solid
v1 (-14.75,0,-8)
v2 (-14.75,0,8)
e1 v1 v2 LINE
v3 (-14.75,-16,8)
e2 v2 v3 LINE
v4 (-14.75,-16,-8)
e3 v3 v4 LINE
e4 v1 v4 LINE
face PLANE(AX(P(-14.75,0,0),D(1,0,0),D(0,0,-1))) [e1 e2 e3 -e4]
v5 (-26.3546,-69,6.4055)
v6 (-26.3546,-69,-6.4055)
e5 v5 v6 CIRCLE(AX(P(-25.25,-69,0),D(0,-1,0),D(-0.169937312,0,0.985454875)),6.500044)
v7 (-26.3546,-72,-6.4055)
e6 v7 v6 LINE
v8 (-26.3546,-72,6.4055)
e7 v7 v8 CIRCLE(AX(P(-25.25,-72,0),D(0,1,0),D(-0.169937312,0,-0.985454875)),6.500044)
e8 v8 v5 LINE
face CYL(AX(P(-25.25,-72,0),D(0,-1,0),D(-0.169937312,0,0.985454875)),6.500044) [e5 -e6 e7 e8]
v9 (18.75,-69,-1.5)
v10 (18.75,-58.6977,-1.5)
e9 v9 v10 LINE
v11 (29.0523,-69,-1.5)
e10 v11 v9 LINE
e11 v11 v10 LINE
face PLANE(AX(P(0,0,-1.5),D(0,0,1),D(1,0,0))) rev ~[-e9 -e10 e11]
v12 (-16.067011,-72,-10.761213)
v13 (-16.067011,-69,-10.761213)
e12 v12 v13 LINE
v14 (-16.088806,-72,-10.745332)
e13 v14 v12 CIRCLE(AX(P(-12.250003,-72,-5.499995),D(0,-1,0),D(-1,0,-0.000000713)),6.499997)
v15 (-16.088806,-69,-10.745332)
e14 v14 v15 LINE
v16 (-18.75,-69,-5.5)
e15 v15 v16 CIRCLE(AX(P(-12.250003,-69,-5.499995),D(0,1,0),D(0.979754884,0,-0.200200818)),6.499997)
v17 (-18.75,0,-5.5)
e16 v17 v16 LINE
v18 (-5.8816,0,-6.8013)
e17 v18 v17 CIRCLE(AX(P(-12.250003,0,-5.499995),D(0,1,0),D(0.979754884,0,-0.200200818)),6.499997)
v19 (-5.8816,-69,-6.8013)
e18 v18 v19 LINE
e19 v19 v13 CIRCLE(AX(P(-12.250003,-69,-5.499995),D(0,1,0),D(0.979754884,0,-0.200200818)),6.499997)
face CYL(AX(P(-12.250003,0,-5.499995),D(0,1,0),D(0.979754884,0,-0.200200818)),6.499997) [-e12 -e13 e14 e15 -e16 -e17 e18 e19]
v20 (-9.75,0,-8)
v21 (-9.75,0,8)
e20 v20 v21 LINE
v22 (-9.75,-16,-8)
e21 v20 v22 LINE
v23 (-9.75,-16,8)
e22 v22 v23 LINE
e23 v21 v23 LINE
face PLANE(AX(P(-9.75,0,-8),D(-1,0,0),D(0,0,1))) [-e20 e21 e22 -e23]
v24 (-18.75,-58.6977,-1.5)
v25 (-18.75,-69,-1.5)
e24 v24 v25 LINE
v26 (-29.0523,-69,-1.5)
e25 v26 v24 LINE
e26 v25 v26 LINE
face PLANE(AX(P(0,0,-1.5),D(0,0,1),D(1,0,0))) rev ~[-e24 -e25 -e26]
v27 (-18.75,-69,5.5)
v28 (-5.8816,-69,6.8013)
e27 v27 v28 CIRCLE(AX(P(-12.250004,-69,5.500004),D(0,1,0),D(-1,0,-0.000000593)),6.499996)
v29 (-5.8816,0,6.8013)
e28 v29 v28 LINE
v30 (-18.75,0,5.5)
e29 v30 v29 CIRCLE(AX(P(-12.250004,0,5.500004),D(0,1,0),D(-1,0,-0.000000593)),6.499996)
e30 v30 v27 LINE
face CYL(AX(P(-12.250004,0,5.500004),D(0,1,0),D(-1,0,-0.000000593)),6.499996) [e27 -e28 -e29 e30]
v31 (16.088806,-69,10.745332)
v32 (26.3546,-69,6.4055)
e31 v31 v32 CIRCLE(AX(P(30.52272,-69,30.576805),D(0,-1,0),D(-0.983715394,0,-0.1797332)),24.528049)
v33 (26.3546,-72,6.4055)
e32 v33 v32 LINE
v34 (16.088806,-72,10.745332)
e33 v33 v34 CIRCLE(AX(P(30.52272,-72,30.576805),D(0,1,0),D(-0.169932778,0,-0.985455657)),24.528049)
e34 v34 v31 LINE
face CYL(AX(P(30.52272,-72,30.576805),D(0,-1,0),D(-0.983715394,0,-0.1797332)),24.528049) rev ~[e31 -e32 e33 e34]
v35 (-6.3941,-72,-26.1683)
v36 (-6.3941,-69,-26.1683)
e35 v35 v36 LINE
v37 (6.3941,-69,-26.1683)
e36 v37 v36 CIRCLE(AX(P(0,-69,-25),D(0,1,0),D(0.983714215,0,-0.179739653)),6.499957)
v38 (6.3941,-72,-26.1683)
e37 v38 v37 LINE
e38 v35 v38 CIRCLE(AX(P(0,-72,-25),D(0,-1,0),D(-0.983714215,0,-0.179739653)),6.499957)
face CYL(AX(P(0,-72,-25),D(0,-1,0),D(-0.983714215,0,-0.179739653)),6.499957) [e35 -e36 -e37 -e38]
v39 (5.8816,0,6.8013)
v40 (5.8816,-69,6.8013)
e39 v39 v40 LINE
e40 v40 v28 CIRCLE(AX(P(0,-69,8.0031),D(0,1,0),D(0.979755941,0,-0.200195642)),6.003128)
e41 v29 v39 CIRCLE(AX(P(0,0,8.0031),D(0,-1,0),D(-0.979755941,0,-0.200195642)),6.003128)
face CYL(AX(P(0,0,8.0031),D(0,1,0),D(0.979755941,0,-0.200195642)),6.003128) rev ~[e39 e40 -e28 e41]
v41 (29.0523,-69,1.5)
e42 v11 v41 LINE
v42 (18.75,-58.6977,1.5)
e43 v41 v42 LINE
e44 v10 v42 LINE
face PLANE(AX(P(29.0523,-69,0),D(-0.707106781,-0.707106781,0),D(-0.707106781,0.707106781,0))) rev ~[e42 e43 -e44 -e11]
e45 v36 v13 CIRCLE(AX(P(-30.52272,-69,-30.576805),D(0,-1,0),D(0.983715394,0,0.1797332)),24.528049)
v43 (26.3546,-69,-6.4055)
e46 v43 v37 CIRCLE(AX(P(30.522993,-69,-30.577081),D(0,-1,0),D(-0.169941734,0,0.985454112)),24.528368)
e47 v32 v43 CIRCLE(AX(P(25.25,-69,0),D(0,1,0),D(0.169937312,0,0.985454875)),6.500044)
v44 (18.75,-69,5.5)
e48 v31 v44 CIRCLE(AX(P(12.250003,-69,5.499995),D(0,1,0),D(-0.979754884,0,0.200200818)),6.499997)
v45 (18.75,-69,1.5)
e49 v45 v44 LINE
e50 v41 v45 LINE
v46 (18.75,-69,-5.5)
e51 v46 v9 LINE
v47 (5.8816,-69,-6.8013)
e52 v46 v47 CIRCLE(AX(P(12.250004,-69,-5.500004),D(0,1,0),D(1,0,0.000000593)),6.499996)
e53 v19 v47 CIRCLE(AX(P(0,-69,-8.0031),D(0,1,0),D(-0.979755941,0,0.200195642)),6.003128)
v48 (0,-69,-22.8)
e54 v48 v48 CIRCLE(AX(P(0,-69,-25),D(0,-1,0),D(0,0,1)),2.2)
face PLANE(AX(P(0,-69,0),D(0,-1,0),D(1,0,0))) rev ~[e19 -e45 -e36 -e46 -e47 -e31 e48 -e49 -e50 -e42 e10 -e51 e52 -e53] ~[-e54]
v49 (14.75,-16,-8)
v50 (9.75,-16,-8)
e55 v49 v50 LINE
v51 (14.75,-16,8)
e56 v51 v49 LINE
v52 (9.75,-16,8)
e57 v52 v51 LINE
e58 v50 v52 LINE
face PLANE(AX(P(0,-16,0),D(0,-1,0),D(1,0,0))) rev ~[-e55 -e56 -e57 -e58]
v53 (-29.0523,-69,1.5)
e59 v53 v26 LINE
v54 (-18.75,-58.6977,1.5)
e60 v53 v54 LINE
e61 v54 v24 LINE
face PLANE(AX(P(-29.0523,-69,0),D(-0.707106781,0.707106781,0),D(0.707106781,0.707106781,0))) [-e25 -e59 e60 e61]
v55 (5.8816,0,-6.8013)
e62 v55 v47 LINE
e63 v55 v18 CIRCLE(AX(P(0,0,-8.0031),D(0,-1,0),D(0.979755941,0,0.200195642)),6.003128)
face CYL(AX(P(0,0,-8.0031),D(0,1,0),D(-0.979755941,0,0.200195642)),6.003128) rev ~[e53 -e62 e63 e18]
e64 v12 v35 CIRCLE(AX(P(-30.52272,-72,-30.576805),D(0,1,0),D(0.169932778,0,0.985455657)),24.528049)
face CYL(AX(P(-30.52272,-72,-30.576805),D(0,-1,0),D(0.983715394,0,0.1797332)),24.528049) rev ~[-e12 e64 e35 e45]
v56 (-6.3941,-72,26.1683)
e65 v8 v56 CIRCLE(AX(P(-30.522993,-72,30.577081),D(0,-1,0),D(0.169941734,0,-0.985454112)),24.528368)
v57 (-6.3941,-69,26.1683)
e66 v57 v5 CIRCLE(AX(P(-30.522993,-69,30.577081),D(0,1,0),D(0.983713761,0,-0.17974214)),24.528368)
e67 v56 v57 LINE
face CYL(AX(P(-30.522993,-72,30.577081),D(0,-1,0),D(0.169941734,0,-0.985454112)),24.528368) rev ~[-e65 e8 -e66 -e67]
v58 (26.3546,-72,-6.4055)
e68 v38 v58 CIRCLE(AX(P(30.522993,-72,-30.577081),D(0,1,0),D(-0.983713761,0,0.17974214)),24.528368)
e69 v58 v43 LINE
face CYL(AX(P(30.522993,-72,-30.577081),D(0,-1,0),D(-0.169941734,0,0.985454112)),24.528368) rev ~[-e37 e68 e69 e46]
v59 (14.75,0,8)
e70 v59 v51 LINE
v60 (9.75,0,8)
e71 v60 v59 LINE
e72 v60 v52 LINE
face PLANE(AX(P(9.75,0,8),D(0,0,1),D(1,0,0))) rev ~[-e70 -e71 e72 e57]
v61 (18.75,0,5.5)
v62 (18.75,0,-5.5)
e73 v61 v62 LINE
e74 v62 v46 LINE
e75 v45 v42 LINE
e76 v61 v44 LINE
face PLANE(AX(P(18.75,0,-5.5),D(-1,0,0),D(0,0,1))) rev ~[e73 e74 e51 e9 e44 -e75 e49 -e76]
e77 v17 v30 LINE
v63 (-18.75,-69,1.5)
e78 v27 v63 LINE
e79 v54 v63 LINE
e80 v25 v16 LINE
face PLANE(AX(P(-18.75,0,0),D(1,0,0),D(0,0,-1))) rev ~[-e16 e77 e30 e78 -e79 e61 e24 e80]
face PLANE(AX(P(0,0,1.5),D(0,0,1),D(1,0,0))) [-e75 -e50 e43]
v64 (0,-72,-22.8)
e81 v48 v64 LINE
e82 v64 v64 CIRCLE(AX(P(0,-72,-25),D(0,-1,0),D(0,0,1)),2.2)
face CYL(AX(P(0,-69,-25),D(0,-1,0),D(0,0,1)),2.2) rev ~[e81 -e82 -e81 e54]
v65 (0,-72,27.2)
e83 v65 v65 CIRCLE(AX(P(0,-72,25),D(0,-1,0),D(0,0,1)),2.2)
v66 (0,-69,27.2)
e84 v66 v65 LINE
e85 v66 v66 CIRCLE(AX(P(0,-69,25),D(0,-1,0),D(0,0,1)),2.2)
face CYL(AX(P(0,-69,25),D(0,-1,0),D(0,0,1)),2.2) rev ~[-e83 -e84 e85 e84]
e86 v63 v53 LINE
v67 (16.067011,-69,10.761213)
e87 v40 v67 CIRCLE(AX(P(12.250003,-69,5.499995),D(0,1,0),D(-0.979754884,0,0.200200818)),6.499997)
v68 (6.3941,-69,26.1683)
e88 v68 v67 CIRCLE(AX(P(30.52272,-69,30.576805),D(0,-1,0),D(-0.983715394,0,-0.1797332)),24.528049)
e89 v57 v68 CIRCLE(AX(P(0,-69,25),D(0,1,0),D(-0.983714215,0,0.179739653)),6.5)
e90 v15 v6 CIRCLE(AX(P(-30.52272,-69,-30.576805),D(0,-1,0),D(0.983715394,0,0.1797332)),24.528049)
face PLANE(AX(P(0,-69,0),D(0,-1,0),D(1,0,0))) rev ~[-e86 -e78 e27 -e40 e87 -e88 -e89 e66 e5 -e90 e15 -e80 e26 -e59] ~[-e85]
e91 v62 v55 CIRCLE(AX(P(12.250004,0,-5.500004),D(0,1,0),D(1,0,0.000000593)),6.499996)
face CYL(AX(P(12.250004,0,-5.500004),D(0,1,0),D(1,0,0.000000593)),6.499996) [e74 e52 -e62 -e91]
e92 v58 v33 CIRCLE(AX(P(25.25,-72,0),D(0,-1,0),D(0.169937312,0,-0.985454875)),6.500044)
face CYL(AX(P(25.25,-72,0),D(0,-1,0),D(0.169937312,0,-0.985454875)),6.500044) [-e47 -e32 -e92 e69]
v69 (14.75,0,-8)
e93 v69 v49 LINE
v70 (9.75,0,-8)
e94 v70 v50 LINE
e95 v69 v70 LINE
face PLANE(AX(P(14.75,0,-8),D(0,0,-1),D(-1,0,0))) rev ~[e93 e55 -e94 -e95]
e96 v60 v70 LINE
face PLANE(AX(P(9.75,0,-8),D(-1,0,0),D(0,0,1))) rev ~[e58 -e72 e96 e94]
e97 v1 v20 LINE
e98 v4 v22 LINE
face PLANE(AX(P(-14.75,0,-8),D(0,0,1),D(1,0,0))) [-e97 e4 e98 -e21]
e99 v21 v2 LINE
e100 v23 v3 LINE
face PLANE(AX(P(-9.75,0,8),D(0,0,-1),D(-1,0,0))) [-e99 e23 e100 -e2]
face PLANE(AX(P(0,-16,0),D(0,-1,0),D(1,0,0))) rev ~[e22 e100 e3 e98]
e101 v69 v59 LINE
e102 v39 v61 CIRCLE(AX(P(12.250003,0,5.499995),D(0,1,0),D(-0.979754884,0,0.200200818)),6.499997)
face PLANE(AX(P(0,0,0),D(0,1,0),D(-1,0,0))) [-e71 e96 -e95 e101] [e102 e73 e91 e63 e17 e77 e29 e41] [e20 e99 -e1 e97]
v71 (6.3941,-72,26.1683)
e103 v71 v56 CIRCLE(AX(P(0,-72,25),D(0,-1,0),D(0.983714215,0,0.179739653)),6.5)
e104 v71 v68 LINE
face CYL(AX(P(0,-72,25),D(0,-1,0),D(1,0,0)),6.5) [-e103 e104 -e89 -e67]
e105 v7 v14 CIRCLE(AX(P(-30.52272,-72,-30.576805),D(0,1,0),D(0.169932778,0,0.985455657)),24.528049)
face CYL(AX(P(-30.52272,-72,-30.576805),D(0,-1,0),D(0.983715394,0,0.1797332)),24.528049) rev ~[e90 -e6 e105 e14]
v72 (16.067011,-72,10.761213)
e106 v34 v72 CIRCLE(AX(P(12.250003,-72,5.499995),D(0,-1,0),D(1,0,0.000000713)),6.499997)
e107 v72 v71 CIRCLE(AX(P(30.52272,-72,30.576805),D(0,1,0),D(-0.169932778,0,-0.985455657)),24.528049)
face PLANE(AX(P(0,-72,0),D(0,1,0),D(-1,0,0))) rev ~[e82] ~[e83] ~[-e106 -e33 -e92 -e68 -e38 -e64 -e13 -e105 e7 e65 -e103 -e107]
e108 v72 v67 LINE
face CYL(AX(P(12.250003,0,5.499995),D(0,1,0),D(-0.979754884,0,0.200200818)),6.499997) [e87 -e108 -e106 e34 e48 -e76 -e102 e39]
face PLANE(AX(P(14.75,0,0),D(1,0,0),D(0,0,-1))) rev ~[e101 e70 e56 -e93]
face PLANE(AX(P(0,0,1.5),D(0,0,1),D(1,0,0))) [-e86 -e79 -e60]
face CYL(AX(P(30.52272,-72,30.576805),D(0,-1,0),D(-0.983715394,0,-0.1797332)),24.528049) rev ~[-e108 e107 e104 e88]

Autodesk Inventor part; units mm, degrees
ref_plane "YZ Plane" through (0, 0, 0) normal (1, 0, 0) x (0, 1, 0)
ref_plane "XZ Plane" through (0, 0, 0) normal (0, 1, 0) x (-1, 0, 0)
ref_plane "XY Plane" through (0, 0, 0) normal (0, 0, 1) x (1, 0, 0)
sketch "Sketch1" plane through (0, 0, 0) normal (0, 1, 0) x (-1, 0, 0)
  line L0 (14.75, -8) -> (9.75, -8)
  line L1 (9.75, -8) -> (9.75, 8)
  line L2 (9.75, 8) -> (14.75, 8)
  line L3 (14.75, 8) -> (14.75, -8)
  line L4 (-14.75, -8) -> (-9.75, -8)
  line L5 (-9.75, -8) -> (-9.75, 8)
  line L6 (-9.75, 8) -> (-14.75, 8)
  line L7 (-14.75, 8) -> (-14.75, -8)
  line L8 (0, -17.6647) -> (0, 17.6647) projected
  line L9 (27.0734, 0) -> (-27.0734, 0) projected
  line L10 (18.75, -12) -> (-18.75, -12)
  line L11 (-18.75, -12) -> (-18.75, 12)
  line L12 (-18.75, 12) -> (18.75, 12)
  line L13 (18.75, 12) -> (18.75, -12)
  arc A0 (5.8816, -6.8013) -> (18.75, -5.5) centre (12.25, -5.5) ccw
  arc A1 (-18.75, -5.5) -> (-5.8816, -6.8013) centre (-12.25, -5.5) ccw
  arc A2 (5.8816, -6.8013) -> (-5.8816, -6.8013) centre (0, -8.0031) ccw
  arc A3 (18.75, 5.5) -> (5.8816, 6.8013) centre (12.25, 5.5) ccw
  arc A4 (-5.8816, 6.8013) -> (-18.75, 5.5) centre (-12.25, 5.5) ccw
  arc A5 (-5.8816, 6.8013) -> (5.8816, 6.8013) centre (0, 8.0031) ccw
  point P0 (0, 0)
  point P1 (0, -2)
  point P2 (-18.75, 5.5)
  dimension "d0" = 5
  dimension "d1" = 16
  dimension "d2" = 16
  dimension "d3" = 19.5
  dimension "d4" = 37.5
  dimension "d5" = 24
  dimension "d6" = 6.5
  dimension "d7" = 4
  dimension "d8" = 2
extrude "Extrusion1" add sketch "Sketch1" against normal blind 72 contours L3 L9 L13 A0 A2 L8 L1 L0 | L3 L2 L1 L9 L8 A5 A3 L13 | L9 L5 L6 L7 L11 A4 A5 L8 | L8 A2 A1 L11 L9 L7 L4 L5
sketch "Sketch2" plane through (0, -72, 0) normal (0, -1, 0) x (1, 0, 0)
  arc A0 (-5.8816, 6.8013) -> (-18.75, 5.5) centre (-12.25, 5.5) ccw projected
  line L0 (-18.75, 5.5) -> (-18.75, -5.5) projected
  arc A1 (-18.75, -5.5) -> (-5.8816, -6.8013) centre (-12.25, -5.5) ccw projected
  arc A2 (5.8816, -6.8013) -> (-5.8816, -6.8013) centre (0, -8.0031) ccw projected
  arc A3 (5.8816, -6.8013) -> (18.75, -5.5) centre (12.25, -5.5) ccw projected
  line L1 (18.75, -5.5) -> (18.75, 5.5) projected
  arc A4 (18.75, 5.5) -> (5.8816, 6.8013) centre (12.25, 5.5) ccw projected
  arc A5 (-5.8816, 6.8013) -> (5.8816, 6.8013) centre (0, 8.0031) ccw projected
  line L2 (-14.75, -8) -> (-14.75, 8) projected
  line L3 (-14.75, 8) -> (-9.75, 8) projected
  line L4 (-9.75, 8) -> (-9.75, -8) projected
  line L5 (-9.75, -8) -> (-14.75, -8) projected
  line L6 (9.75, -8) -> (9.75, 8) projected
  line L7 (9.75, 8) -> (14.75, 8) projected
  line L8 (14.75, 8) -> (14.75, -8) projected
  line L9 (14.75, -8) -> (9.75, -8) projected
  line L10 (15.9006, 9.0344) -> (8.0535, 9.0344)
  line L11 (8.0535, 9.0344) -> (8.0535, -9.2409)
  line L12 (8.0535, -9.2409) -> (15.9006, -9.2409)
  line L13 (15.9006, -9.2409) -> (15.9006, 9.0344)
  line L14 (-8.673, 9.0344) -> (-16.1071, 9.0344)
  line L15 (-16.1071, 9.0344) -> (-16.1071, -9.2409)
  line L16 (-16.1071, -9.2409) -> (-8.673, -9.2409)
  line L17 (-8.673, -9.2409) -> (-8.673, 9.0344)
  point P0 (0, 0)
extrude "Extrusion2" add sketch "Sketch2" against normal blind 56 contours L2 L3 L4 L5 | L6 L7 L8 L9 | L13 L12 L11 L10 | L17 L16 L15 L14
sketch "Sketch3" plane through (0, -72, 0) normal (0, -1, 0) x (1, 0, 0)
  line L0 (-44.45, 0) -> (44.45, 0) projected
  line L1 (0, -44.3994) -> (0, 45.8962) projected
  arc A0 (-6.3941, -26.1683) -> (6.3941, -26.1683) centre (0, -25) ccw
  circle A1 centre (0, 25) radius 6.5
  arc A2 (-5.8816, 6.8013) -> (-18.75, 5.5) centre (-12.25, 5.5) ccw projected
  line L2 (-18.75, 5.5) -> (-18.75, -5.5) projected
  arc A3 (-18.75, -5.5) -> (-5.8816, -6.8013) centre (-12.25, -5.5) ccw projected
  arc A4 (5.8816, -6.8013) -> (-5.8816, -6.8013) centre (0, -8.0031) ccw projected
  arc A5 (5.8816, -6.8013) -> (18.75, -5.5) centre (12.25, -5.5) ccw projected
  line L3 (18.75, -5.5) -> (18.75, 5.5) projected
  arc A6 (18.75, 5.5) -> (5.8816, 6.8013) centre (12.25, 5.5) ccw projected
  arc A7 (-5.8816, 6.8013) -> (5.8816, 6.8013) centre (0, 8.0031) ccw projected
  arc A8 (26.3546, -6.4055) -> (26.3546, 6.4055) centre (25.25, 0) ccw
  arc A9 (-26.3546, 6.4055) -> (-26.3546, -6.4055) centre (-25.25, 0) ccw
  arc A10 (26.3546, -6.4055) -> (6.3941, -26.1683) centre (30.5229, -30.5769) ccw
  arc A11 (6.3941, 26.1683) -> (26.3546, 6.4055) centre (30.5229, 30.5769) ccw
  arc A12 (-6.3941, -26.1683) -> (-26.3546, -6.4055) centre (-30.5229, -30.5769) ccw
  arc A13 (-26.3546, 6.4055) -> (-6.3941, 26.1683) centre (-30.5229, 30.5769) ccw
  arc A14 (0, 31.5) -> (6.3941, 26.1683) centre (0, 25) ccw
  point P0 (0, 0)
  point P1 (6.3941, 26.1683)
  point P2 (-6.3941, 26.1683)
  dimension "d14" = 13
  dimension "d13" = 13
  dimension "d15" = 13
  dimension "d16" = 50
  dimension "d17" = 50.5
extrude "Extrusion3" add sketch "Sketch3" against normal blind 3
sketch "Sketch4" plane through (0, -69, 0) normal (0, 1, 0) x (1, 0, 0)
  arc A0 (-6.3941, -26.1683) -> (6.3941, -26.1683) centre (0, -25) ccw projected
  point P0 (0, 0)
hole "Hole1" at (0, -69, 25) direction (0, -1, 0) diameter 4.4 end through all
sketch "Sketch5" plane through (0, -69, 0) normal (0, 1, 0) x (1, 0, 0)
  arc A0 (6.3941, 26.1683) -> (-6.3941, 26.1683) centre (0, 25) ccw projected
  point P0 (0, 0)
hole "Hole2" at (0, -69, -25) direction (0, -1, 0) diameter 4.4 end through all
sketch "Sketch6" plane through (0, 0, 0) normal (0, 0, 1) x (1, 0, 0)
  line L0 (31.75, -69) -> (26.3546, -69) projected
  line L1 (16.0779, -69) -> (26.3546, -69) projected
  line L2 (18.75, 0) -> (18.75, -69) projected
  line L3 (31.75, -72) -> (31.75, -69) projected
  line L4 (0, -86.4) -> (0, 14.4) projected
  line L5 (29.0523, -70.5) -> (29.0523, -69)
  line L6 (29.0523, -69) -> (18.75, -58.6977)
  line L7 (29.0523, -69) -> (43.622, -69) construction
  line L8 (18.75, -58.6977) -> (17.25, -58.6977)
  line L9 (17.25, -58.6977) -> (17.25, -70.5)
  line L10 (17.25, -70.5) -> (29.0523, -70.5)
  line L11 (-29.0523, -70.5) -> (-29.0523, -69)
  line L12 (-29.0523, -69) -> (-18.75, -58.6977)
  line L13 (-18.75, -58.6977) -> (-17.25, -58.6977)
  line L14 (-17.25, -58.6977) -> (-17.25, -70.5)
  line L15 (-17.25, -70.5) -> (-29.0523, -70.5)
  point P0 (0, 0)
  dimension "d34" = 135
  dimension "d35" = 1.5
  dimension "d36" = 1.5
extrude "Extrusion4" add sketch "Sketch6" along normal mid plane 3
properties part number "pilar soporte"
